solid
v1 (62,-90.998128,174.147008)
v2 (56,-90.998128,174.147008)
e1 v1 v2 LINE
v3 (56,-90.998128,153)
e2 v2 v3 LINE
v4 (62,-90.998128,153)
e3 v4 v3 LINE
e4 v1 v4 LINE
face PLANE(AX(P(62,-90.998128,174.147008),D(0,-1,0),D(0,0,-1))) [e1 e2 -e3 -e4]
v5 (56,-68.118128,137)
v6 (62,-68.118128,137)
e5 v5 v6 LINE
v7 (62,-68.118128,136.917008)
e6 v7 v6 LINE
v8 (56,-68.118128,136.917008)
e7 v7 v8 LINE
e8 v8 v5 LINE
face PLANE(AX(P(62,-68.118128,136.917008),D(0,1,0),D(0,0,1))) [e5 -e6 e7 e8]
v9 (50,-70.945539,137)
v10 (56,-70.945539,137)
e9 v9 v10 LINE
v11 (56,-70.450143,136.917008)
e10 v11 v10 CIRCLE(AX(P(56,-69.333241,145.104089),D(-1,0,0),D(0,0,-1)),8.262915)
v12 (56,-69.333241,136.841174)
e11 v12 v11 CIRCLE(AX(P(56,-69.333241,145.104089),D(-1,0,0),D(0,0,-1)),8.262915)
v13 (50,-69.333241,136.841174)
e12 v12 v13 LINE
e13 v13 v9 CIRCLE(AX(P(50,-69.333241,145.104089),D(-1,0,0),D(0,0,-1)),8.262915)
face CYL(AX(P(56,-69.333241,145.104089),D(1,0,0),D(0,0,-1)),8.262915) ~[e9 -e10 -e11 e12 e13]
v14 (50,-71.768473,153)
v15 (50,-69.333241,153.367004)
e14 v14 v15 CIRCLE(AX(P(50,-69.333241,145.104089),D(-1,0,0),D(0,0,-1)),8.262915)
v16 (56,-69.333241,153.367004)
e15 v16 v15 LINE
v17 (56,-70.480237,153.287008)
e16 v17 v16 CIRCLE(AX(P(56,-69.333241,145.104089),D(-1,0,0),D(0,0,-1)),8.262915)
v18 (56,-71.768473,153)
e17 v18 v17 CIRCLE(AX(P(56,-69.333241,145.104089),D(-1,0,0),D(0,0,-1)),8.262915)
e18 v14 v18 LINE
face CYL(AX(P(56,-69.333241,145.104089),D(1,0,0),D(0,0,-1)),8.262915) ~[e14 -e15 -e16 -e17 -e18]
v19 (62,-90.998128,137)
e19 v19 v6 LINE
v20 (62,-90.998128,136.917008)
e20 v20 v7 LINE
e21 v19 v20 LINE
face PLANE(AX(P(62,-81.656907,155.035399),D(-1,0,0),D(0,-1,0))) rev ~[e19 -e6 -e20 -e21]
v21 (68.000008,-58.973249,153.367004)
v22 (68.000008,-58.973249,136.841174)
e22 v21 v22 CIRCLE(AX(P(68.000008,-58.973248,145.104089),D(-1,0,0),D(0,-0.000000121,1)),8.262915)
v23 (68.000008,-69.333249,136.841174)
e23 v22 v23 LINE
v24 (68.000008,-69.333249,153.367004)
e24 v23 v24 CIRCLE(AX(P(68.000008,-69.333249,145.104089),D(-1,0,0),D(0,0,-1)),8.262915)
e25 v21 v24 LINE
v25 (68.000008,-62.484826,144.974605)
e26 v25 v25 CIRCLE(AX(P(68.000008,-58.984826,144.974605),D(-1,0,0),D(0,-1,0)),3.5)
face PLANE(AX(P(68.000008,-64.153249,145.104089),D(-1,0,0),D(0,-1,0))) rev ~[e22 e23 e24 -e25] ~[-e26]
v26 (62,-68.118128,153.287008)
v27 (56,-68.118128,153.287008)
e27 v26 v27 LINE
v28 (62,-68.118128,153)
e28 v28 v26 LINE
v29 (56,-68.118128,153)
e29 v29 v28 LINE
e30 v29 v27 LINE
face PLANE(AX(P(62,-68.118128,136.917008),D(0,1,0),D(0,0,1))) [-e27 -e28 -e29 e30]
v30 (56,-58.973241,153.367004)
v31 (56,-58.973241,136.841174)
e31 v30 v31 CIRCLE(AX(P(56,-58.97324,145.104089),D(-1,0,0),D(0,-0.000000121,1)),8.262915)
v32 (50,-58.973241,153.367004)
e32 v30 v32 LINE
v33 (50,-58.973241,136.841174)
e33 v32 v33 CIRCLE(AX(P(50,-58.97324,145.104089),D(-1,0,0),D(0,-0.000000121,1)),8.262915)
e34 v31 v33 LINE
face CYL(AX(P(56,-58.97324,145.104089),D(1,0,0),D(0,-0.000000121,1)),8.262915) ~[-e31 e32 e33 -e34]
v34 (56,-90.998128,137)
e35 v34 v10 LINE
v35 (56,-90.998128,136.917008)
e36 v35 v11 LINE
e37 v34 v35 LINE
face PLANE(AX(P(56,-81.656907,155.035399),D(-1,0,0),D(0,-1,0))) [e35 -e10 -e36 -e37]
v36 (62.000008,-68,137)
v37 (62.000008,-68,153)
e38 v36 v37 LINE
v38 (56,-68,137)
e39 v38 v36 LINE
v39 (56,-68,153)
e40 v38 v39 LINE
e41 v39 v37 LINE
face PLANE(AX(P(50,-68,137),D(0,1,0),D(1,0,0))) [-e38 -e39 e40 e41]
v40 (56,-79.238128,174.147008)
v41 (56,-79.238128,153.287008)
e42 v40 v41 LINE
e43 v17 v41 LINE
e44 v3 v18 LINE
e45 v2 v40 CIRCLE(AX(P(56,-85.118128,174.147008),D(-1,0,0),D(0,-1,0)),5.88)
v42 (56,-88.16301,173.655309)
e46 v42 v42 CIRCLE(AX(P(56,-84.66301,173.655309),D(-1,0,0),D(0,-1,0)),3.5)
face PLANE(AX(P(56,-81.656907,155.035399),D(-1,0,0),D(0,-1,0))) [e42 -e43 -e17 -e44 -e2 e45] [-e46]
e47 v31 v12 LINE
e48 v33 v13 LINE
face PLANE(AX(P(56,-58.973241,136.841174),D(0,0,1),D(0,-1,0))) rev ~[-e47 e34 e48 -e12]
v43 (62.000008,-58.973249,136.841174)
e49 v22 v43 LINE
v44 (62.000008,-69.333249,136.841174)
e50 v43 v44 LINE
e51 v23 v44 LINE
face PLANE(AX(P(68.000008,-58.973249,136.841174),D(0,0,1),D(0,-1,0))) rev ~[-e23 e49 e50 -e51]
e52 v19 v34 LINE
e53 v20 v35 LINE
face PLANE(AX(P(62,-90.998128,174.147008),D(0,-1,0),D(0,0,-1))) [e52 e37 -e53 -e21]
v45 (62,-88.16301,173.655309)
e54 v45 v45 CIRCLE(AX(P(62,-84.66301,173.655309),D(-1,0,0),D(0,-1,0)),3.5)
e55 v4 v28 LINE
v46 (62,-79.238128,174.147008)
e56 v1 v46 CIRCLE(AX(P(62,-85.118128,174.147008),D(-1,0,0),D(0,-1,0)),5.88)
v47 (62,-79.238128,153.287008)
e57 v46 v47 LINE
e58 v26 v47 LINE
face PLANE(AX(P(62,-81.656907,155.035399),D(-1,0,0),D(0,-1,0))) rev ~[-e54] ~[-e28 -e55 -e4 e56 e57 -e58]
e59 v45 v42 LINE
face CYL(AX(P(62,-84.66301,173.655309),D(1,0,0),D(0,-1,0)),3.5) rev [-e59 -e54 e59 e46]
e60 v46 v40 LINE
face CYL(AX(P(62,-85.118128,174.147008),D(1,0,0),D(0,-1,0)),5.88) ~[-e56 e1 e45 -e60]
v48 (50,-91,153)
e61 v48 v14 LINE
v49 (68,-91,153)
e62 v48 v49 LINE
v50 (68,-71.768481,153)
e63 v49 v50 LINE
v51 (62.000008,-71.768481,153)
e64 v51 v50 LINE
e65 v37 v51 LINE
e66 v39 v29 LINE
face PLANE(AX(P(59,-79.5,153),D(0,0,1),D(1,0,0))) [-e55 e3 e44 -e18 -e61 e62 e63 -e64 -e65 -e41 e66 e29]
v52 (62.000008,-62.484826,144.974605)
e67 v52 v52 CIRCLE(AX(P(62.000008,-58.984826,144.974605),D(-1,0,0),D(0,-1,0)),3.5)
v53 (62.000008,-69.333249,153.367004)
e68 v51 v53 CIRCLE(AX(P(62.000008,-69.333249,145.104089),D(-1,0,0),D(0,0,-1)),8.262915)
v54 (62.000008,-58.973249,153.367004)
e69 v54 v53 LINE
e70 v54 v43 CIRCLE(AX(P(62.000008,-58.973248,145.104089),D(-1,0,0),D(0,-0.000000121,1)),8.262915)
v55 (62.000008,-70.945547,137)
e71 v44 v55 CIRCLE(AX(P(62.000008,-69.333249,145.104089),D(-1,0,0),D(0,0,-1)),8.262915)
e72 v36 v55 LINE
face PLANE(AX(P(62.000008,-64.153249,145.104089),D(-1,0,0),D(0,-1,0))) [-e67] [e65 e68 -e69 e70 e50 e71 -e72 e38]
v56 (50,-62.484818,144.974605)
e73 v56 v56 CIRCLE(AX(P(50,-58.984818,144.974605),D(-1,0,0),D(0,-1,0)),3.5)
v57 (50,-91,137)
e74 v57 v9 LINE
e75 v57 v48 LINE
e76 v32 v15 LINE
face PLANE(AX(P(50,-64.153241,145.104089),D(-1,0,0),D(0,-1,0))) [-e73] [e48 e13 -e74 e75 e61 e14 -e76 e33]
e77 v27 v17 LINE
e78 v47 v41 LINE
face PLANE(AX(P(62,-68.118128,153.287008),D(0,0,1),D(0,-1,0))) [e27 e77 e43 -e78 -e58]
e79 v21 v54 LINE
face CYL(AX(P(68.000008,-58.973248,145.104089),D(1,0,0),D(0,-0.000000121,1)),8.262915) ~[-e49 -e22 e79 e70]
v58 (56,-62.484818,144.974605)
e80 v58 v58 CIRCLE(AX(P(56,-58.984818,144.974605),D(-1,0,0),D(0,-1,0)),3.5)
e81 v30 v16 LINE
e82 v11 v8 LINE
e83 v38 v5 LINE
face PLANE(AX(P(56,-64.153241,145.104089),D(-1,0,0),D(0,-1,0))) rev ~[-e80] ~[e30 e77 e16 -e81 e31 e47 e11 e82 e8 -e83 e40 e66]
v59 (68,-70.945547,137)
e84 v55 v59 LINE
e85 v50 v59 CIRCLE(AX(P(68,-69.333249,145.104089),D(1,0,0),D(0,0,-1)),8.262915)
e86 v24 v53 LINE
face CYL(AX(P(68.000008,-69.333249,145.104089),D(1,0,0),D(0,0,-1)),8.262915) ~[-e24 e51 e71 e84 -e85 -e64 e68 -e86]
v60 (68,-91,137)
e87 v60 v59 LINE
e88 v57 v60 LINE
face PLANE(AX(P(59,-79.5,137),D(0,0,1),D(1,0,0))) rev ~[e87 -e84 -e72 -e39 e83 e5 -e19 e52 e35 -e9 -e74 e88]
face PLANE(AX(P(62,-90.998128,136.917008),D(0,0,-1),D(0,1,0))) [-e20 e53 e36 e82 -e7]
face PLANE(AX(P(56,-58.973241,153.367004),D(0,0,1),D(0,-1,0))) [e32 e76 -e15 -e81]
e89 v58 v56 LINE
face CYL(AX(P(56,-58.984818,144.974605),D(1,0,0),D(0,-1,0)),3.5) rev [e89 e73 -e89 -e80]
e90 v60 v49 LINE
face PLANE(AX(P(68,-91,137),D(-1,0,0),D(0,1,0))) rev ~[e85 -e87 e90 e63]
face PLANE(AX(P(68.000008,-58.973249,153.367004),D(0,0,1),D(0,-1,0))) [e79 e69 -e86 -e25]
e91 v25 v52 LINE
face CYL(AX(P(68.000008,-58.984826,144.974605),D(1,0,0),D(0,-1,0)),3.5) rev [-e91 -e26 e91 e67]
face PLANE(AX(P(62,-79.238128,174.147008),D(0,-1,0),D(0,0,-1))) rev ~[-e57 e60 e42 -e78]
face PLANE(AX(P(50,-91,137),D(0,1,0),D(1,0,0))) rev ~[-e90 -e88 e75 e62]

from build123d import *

# Parameters (mm, degrees)
BOX_W            = 18
BOX_H            = 23
BOX_DEPTH        = 16
SKETCH052_R      = 3.5
EXTRUDE107_DEPTH = 6
SKETCH053_R      = 3.5
EXTRUDE108_DEPTH = 6


with BuildPart() as cuadrado:
    # Box → Box (new body)
    with BuildSketch(Plane(origin=(50, -91, 137), x_dir=(1, 0, 0), z_dir=(0, 0, 1))):
        with Locations((9, 11.5)):
            Rectangle(BOX_W, BOX_H)
    extrude(amount=BOX_DEPTH)


with BuildPart() as union_codo:
    # Sketch052 → Extrude107 (new body)
    with BuildSketch(Plane(origin=(0, 0, 0), x_dir=(0, -1, 0), z_dir=(-1, 0, 0))):
        with BuildLine():
            ThreePointArc((58.973241, 153.367004), (50.710325, 145.104089), (58.973241, 136.841174))
            Line((58.973241, 136.841174), (69.333241, 136.841174))
            ThreePointArc((69.333241, 136.841174), (77.596156, 145.104089), (69.333241, 153.367004))
            Line((58.973241, 153.367004), (69.333241, 153.367004))
        make_face()
        with Locations((58.984818, 144.974605)):
            Circle(SKETCH052_R, mode=Mode.SUBTRACT)
    extrude(amount=EXTRUDE107_DEPTH)


with BuildPart() as union_codo_1:
    # Extrude107 placement: moved
    add(union_codo.part.moved(Location((56, 0, 0))))


with BuildPart() as union_codo1:
    # Link027 base: copy of Union codo
    add(union_codo_1.part)


with BuildPart() as union_codo1_1:
    # Link027 placement: moved
    add(union_codo1.part.moved(Location((12.000008, -8e-06, 0))))


with BuildPart() as base_union_pinza:
    # Sketch053 → Extrude108 (new body)
    with BuildSketch(Plane(origin=(0, 0, 0), x_dir=(0, -1, 0), z_dir=(-1, 0, 0))):
        with BuildLine():
            ThreePointArc((90.998128, 174.147008), (85.118128, 180.027008), (79.238128, 174.147008))
            Line((79.238128, 174.147008), (79.238128, 153.287008))
            Line((68.118128, 153.287008), (79.238128, 153.287008))
            Line((68.118128, 136.917008), (68.118128, 153.287008))
            Line((90.998128, 136.917008), (68.118128, 136.917008))
            Line((90.998128, 153.287008), (90.998128, 136.917008))
            Line((90.998128, 174.147008), (90.998128, 153.287008))
        make_face()
        with Locations((84.66301, 173.655309)):
            Circle(SKETCH053_R, mode=Mode.SUBTRACT)
    extrude(amount=EXTRUDE108_DEPTH)


with BuildPart() as base_union_pinza_1:
    # Extrude108 placement: moved
    add(base_union_pinza.part.moved(Location((62, 0, 0))))

    # Fusion077: union Cuadrado, Union codo1, Union codo
    add(cuadrado.part)
    add(union_codo1_1.part)
    add(union_codo_1.part)


solid = base_union_pinza_1.part
